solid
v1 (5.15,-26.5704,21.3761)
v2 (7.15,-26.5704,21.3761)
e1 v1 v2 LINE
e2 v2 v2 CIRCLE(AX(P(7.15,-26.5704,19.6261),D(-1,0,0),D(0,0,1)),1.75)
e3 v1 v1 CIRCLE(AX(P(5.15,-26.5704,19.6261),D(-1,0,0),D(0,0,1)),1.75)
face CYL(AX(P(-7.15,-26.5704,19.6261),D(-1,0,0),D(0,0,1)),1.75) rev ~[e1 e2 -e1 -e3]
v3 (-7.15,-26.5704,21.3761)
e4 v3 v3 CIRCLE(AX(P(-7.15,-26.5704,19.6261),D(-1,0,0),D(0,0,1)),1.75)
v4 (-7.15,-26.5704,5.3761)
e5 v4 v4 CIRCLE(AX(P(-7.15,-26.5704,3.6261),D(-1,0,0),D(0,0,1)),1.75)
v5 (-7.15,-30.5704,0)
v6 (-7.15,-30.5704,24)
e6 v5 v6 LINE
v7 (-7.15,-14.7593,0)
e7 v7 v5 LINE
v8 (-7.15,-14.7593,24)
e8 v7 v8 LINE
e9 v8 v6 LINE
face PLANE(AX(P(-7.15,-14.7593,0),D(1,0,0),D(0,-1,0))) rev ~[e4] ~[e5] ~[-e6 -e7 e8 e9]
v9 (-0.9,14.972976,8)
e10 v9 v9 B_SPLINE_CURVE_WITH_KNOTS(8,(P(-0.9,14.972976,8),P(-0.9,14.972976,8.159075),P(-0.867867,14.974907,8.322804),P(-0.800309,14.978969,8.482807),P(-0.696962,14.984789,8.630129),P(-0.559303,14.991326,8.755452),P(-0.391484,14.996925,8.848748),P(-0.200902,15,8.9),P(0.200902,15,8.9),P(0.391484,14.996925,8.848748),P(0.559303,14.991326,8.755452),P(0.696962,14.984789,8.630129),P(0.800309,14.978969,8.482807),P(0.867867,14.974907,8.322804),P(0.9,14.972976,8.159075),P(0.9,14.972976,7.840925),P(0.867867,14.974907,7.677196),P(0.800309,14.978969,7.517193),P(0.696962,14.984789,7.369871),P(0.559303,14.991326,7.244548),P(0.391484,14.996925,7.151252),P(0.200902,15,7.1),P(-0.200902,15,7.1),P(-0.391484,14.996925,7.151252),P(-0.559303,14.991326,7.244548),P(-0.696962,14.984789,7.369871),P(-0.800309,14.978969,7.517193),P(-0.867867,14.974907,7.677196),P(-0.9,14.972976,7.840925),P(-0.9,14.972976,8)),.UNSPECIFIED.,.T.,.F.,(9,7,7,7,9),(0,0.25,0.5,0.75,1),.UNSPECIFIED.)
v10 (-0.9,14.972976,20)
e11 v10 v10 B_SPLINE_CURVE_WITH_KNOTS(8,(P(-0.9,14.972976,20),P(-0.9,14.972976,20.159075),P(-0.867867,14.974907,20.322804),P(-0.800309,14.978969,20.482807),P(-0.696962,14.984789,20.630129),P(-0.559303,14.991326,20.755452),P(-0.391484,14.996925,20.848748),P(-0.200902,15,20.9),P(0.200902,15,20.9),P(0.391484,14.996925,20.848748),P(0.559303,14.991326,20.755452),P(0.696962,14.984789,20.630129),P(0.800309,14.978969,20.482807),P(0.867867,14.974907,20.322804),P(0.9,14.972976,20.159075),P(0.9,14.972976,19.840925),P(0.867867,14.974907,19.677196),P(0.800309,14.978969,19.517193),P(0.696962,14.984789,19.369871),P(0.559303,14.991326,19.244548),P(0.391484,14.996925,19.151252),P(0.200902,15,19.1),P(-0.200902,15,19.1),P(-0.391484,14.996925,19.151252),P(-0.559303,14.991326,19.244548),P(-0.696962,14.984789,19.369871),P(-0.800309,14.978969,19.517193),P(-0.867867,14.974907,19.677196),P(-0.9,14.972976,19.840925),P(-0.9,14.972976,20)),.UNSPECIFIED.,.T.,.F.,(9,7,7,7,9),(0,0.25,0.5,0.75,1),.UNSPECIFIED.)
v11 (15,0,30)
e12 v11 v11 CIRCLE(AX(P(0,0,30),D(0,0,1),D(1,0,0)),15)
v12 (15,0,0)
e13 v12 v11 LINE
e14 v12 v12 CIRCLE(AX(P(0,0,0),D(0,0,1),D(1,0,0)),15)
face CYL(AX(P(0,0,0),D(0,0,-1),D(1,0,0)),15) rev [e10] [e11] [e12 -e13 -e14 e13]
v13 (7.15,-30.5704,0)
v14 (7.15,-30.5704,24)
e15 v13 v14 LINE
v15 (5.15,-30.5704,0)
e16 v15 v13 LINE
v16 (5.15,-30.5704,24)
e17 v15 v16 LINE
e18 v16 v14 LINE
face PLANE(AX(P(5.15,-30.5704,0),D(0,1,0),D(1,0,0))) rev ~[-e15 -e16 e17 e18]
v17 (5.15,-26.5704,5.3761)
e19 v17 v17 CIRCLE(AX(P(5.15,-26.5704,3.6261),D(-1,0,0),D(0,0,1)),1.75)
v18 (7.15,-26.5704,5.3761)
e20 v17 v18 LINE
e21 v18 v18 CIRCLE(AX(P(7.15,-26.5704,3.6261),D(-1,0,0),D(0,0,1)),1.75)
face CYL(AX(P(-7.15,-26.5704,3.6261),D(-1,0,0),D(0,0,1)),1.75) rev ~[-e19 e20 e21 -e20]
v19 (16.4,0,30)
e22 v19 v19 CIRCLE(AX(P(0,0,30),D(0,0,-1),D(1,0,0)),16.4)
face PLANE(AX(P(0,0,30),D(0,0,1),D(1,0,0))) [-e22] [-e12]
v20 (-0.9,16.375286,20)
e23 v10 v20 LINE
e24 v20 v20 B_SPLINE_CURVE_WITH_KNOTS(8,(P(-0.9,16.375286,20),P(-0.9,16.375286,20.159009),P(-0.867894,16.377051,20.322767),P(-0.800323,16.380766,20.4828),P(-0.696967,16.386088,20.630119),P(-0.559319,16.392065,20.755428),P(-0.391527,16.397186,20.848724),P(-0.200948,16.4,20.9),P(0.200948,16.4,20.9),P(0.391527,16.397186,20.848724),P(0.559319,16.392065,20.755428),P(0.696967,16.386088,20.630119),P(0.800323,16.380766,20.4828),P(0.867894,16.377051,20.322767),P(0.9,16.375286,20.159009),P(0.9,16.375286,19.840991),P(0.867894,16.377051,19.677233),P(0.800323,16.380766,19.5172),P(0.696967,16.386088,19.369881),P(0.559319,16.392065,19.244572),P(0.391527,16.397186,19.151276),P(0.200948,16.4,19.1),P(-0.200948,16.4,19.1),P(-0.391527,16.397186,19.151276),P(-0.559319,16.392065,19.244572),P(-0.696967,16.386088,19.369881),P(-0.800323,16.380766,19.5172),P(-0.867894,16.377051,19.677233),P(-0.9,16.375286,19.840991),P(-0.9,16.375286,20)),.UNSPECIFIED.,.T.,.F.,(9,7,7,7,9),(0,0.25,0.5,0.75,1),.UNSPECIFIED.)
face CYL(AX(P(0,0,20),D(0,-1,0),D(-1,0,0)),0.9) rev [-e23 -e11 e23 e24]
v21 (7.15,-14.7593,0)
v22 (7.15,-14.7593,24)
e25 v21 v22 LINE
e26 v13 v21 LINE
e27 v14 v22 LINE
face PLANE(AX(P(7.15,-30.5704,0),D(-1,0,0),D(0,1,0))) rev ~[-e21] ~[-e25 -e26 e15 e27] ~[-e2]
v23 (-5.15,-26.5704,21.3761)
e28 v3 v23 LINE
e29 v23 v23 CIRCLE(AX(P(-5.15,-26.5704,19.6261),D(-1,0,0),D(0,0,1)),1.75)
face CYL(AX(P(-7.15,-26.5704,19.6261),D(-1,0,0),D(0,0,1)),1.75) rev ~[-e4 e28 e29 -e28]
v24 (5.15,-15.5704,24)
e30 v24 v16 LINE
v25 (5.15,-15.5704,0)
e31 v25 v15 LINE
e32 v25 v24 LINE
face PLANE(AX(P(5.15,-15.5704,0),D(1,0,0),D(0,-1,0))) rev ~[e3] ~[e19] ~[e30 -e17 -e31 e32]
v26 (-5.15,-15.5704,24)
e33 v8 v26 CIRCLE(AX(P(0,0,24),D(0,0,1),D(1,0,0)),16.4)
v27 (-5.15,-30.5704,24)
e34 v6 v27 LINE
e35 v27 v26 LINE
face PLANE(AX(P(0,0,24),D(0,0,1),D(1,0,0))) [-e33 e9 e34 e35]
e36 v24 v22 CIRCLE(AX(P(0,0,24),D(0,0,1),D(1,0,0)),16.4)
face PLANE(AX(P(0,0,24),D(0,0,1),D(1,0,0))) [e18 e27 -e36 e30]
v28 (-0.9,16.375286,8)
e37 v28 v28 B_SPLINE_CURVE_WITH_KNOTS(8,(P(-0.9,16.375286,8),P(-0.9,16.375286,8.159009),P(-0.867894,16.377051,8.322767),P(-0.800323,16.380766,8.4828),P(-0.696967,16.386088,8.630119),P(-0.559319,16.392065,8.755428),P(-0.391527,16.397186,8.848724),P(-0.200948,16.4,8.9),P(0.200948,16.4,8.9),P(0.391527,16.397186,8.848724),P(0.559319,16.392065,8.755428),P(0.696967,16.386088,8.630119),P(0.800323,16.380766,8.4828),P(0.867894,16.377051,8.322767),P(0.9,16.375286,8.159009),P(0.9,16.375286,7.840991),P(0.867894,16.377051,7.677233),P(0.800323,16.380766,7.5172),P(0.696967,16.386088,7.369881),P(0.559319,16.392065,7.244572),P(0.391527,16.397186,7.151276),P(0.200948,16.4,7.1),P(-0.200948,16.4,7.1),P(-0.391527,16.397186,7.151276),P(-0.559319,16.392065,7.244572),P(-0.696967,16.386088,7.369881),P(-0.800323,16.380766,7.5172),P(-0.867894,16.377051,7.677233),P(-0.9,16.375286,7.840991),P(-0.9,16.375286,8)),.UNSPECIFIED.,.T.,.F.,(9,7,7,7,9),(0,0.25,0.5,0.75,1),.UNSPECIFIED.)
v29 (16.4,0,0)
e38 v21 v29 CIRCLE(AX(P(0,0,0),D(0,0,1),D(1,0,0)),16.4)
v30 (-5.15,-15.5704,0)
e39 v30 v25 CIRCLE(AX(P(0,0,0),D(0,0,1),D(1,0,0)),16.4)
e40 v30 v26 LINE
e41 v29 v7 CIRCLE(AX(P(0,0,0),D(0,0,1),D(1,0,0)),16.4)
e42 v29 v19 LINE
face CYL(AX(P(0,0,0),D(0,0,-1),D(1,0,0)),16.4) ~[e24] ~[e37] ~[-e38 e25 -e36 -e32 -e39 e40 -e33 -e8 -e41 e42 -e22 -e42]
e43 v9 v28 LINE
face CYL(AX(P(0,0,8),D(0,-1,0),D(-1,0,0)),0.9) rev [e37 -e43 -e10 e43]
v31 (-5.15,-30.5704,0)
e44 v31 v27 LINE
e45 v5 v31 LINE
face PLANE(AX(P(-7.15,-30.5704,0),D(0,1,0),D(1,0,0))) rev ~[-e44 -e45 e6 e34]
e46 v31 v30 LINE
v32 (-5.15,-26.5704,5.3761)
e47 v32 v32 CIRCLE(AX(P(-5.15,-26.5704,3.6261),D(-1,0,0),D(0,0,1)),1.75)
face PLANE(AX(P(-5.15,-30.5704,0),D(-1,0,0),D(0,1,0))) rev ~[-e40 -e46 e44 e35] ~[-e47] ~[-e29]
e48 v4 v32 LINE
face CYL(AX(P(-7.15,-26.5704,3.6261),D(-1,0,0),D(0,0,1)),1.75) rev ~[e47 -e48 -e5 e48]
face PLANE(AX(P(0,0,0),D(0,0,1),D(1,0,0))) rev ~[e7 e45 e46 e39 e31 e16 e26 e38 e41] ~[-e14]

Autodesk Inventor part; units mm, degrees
ref_plane "YZ Plane" through (0, 0, 0) normal (1, 0, 0) x (0, 1, 0)
ref_plane "XZ Plane" through (0, 0, 0) normal (0, 1, 0) x (-1, 0, 0)
ref_plane "XY Plane" through (0, 0, 0) normal (0, 0, 1) x (1, 0, 0)
sketch "Sketch1" plane through (0, 0, 0) normal (0, 0, 1) x (1, 0, 0)
  circle A0 centre (0, 0) radius 15
  circle A1 centre (0, 0) radius 16.4
  line L0 (-7.15, -14.7593) -> (-7.15, -30.5704)
  line L1 (-7.15, -30.5704) -> (-5.15, -30.5704)
  line L2 (-5.15, -30.5704) -> (-5.15, -15.5704)
  line L3 (5.15, -15.5704) -> (5.15, -30.5704)
  line L4 (5.15, -30.5704) -> (7.15, -30.5704)
  line L5 (7.15, -30.5704) -> (7.15, -14.7593)
  dimension "d0" = 1.4
  dimension "d1" = 30
  dimension "d2" = 2
  dimension "d3" = 10.3
  dimension "d4" = 15
extrude "Extrusion1" add sketch "Sketch1" along normal blind 30 contours A1
extrude "Extrusion3" add sketch "Sketch1" along normal blind 24 contours A1 L2 L1 L0 | L5 L4 L3 A1
sketch "Sketch2" plane through (-7.15, -30.5704, 0) normal (-1, 0, 0) x (0, 0, 1)
  circle A0 centre (3.6261, 4) radius 1.75
  circle A1 centre (19.6261, 4) radius 1.75
  line L0 (0, 0) -> (24, 0) projected
  point P0 (0, 30.5704)
  dimension "d7" = 3.5
  dimension "d8" = 3.5
  dimension "d9" = 16
  dimension "d15" = 4
extrude "Extrusion2" cut sketch "Sketch2" against normal through all
sketch "Sketch3" plane through (0, 0, 0) normal (0, 1, 0) x (-1, 0, 0)
  circle A0 centre (0, 8) radius 0.9
  circle A1 centre (0, 20) radius 0.9
  line L0 (15, 0) -> (-15, 0) projected
  point P0 (0, 0)
  point P1 (0, 0)
  dimension "d16" = 1.8
  dimension "d18" = 12
  dimension "d19" = 8
extrude "Extrusion4" cut sketch "Sketch3" along normal through all
properties part number "Pok Default Pitch Motor Mount" material "ABS Plastic"
